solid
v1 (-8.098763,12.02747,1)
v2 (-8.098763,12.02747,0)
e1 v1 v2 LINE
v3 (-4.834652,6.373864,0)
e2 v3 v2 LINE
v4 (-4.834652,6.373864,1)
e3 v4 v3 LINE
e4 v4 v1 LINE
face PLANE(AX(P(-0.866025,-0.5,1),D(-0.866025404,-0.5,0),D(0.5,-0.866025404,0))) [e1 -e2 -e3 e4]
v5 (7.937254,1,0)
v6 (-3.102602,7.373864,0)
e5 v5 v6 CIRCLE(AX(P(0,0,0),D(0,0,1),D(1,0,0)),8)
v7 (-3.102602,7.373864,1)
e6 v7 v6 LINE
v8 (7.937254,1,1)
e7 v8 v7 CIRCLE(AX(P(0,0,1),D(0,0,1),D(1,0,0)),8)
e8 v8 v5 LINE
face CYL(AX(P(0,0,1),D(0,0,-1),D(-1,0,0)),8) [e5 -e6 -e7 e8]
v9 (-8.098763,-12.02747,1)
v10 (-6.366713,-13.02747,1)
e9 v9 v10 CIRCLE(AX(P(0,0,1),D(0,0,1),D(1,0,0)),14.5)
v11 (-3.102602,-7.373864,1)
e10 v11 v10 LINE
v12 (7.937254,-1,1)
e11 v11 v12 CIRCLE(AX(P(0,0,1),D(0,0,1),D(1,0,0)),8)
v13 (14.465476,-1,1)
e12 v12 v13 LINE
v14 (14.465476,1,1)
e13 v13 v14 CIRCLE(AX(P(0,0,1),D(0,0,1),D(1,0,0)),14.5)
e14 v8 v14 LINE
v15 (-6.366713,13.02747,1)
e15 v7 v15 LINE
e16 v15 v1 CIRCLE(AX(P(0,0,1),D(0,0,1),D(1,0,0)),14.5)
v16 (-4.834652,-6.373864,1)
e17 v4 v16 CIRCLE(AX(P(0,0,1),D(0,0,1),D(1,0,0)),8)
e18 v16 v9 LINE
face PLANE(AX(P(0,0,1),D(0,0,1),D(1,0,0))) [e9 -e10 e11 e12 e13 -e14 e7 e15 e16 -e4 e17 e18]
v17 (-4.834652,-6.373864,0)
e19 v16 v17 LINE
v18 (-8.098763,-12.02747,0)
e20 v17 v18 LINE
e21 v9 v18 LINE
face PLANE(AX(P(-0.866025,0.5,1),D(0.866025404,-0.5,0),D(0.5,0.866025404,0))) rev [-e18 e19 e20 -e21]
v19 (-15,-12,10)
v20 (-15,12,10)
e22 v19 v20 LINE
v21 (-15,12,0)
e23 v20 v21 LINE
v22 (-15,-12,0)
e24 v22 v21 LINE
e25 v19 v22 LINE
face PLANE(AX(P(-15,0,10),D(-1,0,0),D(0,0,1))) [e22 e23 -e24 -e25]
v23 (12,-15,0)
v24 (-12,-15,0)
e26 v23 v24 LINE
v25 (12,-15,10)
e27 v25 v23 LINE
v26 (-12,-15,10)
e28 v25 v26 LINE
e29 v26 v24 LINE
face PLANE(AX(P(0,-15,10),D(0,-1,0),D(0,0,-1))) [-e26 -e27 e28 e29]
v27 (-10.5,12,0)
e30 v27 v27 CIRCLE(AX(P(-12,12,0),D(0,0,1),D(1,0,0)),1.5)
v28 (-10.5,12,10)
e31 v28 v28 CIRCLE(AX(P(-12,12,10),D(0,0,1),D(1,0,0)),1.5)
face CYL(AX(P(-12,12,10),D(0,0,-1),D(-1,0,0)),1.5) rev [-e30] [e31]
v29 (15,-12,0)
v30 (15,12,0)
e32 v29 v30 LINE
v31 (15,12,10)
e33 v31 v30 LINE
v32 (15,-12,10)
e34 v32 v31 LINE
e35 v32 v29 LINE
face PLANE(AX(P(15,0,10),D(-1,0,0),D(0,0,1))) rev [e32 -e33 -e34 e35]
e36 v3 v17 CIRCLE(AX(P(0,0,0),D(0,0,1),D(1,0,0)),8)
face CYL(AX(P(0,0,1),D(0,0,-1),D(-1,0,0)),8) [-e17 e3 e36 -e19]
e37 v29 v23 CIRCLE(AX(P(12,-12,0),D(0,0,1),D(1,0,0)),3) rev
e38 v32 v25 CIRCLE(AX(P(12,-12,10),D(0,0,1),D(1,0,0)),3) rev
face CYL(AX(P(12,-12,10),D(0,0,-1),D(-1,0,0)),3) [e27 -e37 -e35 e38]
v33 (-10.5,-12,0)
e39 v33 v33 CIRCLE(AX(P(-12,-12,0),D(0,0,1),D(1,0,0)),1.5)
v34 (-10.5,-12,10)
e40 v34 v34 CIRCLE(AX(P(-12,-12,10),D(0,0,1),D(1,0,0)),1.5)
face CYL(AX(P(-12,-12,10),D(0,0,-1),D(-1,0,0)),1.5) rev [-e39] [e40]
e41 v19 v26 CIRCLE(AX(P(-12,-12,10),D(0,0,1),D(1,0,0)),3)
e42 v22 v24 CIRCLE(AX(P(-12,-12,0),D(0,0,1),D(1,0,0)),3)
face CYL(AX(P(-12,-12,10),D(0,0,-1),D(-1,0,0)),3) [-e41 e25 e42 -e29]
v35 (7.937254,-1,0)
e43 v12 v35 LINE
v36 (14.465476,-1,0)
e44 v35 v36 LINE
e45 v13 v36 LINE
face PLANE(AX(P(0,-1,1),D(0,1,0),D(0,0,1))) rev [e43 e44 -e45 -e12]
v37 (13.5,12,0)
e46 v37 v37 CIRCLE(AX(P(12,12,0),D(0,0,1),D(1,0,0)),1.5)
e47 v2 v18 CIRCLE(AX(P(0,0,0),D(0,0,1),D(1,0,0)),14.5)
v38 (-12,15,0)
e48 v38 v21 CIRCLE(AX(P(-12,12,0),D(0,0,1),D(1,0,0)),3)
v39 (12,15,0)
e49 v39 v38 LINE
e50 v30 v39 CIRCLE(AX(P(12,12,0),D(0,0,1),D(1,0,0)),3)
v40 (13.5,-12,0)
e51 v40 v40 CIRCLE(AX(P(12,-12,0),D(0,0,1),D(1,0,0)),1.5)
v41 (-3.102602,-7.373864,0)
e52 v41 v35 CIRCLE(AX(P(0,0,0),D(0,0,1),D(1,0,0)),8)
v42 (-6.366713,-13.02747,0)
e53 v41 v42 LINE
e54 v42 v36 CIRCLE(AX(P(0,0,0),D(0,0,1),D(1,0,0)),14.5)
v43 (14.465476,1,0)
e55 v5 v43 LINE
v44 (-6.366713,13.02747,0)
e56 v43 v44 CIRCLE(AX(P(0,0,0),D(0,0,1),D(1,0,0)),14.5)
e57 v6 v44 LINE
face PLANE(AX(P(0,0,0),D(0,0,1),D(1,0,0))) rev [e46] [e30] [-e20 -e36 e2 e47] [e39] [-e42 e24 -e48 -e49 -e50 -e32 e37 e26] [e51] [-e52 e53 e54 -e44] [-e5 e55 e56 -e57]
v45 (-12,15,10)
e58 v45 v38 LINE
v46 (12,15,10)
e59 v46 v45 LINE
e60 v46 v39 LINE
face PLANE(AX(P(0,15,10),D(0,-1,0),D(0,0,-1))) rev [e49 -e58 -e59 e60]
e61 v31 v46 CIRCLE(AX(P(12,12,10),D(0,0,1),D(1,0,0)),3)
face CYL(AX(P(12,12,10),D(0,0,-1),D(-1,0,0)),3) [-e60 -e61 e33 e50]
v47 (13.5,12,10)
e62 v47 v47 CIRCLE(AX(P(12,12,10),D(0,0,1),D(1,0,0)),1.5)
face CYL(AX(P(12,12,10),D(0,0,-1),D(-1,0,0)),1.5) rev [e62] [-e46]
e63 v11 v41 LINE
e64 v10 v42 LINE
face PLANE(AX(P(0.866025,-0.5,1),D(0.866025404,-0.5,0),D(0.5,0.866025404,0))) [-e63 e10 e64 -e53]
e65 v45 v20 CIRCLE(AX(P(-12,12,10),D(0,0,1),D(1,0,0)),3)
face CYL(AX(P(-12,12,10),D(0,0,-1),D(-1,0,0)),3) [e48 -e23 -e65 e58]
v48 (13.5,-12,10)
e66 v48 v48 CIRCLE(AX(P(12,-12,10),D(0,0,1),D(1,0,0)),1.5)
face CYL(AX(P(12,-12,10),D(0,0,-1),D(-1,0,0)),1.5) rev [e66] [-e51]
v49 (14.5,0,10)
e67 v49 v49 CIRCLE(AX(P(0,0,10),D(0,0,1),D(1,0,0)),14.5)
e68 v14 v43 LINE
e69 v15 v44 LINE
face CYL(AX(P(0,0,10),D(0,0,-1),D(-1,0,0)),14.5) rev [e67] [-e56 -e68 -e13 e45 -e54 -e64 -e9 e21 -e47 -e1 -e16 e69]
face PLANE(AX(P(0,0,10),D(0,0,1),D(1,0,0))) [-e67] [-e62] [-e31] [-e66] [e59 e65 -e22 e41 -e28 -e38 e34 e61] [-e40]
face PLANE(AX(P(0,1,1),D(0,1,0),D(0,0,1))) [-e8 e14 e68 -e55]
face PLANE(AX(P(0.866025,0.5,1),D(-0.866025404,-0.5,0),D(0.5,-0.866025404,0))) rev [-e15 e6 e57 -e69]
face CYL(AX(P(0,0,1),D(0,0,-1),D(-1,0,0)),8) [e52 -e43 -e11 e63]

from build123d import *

# Parameters (mm, degrees)
SKICA1_R                = 1.5
SKICA1_R_2              = 14.5
P_IDAT_VYSUNUT_M1_DEPTH = 10
SKICA2_R                = 8
P_IDAT_VYSUNUT_M2_DEPTH = 1


with BuildPart() as part:
    # Skica1 → Přidat vysunutím1 (new body)
    with BuildSketch(Plane.XY):
        with BuildLine():
            Line((-15, 12), (-15, 0))
            Line((-15, 0), (-15, -12))
            ThreePointArc((-15, -12), (-14.121320344, -14.121320344), (-12, -15))
            Line((-12, -15), (12, -15))
            ThreePointArc((12, -15), (14.121320344, -14.121320344), (15, -12))
            Line((15, -12), (15, 12))
            ThreePointArc((15, 12), (14.121320344, 14.121320344), (12, 15))
            Line((12, 15), (-12, 15))
            ThreePointArc((-12, 15), (-14.121320344, 14.121320344), (-15, 12))
        make_face()
        with Locations((-12, -12)):
            Circle(SKICA1_R, mode=Mode.SUBTRACT)
        with Locations((12, -12)):
            Circle(SKICA1_R, mode=Mode.SUBTRACT)
        with Locations((-12, 12)):
            Circle(SKICA1_R, mode=Mode.SUBTRACT)
        Circle(SKICA1_R_2, mode=Mode.SUBTRACT)
        with Locations((12, 12)):
            Circle(SKICA1_R, mode=Mode.SUBTRACT)
    extrude(amount=P_IDAT_VYSUNUT_M1_DEPTH)

    # Skica2 → Přidat vysunutím2 (add)
    with BuildSketch(Plane.XY):
        with BuildLine():
            ThreePointArc((-4.83465237, 6.373863542), (-4, 6.92820323), (-3.102601563, 7.373863542))
            Line((-3.102601563, 7.373863542), (-6.366712667, 13.027469816))
            ThreePointArc((-6.366712667, 13.027469816), (-7.25, 12.557368355), (-8.098763475, 12.027469816))
            Line((-8.098763475, 12.027469816), (-4.83465237, 6.373863542))
        make_face()
        Circle(SKICA2_R)
        with BuildLine():
            Line((14.465476141, 1), (7.937253933, 1))
            ThreePointArc((7.937253933, 1), (7.984298074, 0.5009833), (8, 0))
            ThreePointArc((8, 0), (7.984298074, -0.5009833), (7.937253933, -1))
            Line((7.937253933, -1), (14.465476141, -1))
            ThreePointArc((14.465476141, -1), (14.491366465, -0.500297885), (14.5, 0))
            ThreePointArc((14.5, 0), (14.491366465, 0.500297885), (14.465476141, 1))
        make_face()
        with BuildLine():
            Line((-6.366712667, -13.027469816), (-3.102601563, -7.373863542))
            ThreePointArc((-3.102601563, -7.373863542), (-4, -6.92820323), (-4.83465237, -6.373863542))
            Line((-4.83465237, -6.373863542), (-8.098763475, -12.027469816))
            ThreePointArc((-8.098763475, -12.027469816), (-7.25, -12.557368355), (-6.366712667, -13.027469816))
        make_face()
    extrude(amount=P_IDAT_VYSUNUT_M2_DEPTH)


solid = part.part
